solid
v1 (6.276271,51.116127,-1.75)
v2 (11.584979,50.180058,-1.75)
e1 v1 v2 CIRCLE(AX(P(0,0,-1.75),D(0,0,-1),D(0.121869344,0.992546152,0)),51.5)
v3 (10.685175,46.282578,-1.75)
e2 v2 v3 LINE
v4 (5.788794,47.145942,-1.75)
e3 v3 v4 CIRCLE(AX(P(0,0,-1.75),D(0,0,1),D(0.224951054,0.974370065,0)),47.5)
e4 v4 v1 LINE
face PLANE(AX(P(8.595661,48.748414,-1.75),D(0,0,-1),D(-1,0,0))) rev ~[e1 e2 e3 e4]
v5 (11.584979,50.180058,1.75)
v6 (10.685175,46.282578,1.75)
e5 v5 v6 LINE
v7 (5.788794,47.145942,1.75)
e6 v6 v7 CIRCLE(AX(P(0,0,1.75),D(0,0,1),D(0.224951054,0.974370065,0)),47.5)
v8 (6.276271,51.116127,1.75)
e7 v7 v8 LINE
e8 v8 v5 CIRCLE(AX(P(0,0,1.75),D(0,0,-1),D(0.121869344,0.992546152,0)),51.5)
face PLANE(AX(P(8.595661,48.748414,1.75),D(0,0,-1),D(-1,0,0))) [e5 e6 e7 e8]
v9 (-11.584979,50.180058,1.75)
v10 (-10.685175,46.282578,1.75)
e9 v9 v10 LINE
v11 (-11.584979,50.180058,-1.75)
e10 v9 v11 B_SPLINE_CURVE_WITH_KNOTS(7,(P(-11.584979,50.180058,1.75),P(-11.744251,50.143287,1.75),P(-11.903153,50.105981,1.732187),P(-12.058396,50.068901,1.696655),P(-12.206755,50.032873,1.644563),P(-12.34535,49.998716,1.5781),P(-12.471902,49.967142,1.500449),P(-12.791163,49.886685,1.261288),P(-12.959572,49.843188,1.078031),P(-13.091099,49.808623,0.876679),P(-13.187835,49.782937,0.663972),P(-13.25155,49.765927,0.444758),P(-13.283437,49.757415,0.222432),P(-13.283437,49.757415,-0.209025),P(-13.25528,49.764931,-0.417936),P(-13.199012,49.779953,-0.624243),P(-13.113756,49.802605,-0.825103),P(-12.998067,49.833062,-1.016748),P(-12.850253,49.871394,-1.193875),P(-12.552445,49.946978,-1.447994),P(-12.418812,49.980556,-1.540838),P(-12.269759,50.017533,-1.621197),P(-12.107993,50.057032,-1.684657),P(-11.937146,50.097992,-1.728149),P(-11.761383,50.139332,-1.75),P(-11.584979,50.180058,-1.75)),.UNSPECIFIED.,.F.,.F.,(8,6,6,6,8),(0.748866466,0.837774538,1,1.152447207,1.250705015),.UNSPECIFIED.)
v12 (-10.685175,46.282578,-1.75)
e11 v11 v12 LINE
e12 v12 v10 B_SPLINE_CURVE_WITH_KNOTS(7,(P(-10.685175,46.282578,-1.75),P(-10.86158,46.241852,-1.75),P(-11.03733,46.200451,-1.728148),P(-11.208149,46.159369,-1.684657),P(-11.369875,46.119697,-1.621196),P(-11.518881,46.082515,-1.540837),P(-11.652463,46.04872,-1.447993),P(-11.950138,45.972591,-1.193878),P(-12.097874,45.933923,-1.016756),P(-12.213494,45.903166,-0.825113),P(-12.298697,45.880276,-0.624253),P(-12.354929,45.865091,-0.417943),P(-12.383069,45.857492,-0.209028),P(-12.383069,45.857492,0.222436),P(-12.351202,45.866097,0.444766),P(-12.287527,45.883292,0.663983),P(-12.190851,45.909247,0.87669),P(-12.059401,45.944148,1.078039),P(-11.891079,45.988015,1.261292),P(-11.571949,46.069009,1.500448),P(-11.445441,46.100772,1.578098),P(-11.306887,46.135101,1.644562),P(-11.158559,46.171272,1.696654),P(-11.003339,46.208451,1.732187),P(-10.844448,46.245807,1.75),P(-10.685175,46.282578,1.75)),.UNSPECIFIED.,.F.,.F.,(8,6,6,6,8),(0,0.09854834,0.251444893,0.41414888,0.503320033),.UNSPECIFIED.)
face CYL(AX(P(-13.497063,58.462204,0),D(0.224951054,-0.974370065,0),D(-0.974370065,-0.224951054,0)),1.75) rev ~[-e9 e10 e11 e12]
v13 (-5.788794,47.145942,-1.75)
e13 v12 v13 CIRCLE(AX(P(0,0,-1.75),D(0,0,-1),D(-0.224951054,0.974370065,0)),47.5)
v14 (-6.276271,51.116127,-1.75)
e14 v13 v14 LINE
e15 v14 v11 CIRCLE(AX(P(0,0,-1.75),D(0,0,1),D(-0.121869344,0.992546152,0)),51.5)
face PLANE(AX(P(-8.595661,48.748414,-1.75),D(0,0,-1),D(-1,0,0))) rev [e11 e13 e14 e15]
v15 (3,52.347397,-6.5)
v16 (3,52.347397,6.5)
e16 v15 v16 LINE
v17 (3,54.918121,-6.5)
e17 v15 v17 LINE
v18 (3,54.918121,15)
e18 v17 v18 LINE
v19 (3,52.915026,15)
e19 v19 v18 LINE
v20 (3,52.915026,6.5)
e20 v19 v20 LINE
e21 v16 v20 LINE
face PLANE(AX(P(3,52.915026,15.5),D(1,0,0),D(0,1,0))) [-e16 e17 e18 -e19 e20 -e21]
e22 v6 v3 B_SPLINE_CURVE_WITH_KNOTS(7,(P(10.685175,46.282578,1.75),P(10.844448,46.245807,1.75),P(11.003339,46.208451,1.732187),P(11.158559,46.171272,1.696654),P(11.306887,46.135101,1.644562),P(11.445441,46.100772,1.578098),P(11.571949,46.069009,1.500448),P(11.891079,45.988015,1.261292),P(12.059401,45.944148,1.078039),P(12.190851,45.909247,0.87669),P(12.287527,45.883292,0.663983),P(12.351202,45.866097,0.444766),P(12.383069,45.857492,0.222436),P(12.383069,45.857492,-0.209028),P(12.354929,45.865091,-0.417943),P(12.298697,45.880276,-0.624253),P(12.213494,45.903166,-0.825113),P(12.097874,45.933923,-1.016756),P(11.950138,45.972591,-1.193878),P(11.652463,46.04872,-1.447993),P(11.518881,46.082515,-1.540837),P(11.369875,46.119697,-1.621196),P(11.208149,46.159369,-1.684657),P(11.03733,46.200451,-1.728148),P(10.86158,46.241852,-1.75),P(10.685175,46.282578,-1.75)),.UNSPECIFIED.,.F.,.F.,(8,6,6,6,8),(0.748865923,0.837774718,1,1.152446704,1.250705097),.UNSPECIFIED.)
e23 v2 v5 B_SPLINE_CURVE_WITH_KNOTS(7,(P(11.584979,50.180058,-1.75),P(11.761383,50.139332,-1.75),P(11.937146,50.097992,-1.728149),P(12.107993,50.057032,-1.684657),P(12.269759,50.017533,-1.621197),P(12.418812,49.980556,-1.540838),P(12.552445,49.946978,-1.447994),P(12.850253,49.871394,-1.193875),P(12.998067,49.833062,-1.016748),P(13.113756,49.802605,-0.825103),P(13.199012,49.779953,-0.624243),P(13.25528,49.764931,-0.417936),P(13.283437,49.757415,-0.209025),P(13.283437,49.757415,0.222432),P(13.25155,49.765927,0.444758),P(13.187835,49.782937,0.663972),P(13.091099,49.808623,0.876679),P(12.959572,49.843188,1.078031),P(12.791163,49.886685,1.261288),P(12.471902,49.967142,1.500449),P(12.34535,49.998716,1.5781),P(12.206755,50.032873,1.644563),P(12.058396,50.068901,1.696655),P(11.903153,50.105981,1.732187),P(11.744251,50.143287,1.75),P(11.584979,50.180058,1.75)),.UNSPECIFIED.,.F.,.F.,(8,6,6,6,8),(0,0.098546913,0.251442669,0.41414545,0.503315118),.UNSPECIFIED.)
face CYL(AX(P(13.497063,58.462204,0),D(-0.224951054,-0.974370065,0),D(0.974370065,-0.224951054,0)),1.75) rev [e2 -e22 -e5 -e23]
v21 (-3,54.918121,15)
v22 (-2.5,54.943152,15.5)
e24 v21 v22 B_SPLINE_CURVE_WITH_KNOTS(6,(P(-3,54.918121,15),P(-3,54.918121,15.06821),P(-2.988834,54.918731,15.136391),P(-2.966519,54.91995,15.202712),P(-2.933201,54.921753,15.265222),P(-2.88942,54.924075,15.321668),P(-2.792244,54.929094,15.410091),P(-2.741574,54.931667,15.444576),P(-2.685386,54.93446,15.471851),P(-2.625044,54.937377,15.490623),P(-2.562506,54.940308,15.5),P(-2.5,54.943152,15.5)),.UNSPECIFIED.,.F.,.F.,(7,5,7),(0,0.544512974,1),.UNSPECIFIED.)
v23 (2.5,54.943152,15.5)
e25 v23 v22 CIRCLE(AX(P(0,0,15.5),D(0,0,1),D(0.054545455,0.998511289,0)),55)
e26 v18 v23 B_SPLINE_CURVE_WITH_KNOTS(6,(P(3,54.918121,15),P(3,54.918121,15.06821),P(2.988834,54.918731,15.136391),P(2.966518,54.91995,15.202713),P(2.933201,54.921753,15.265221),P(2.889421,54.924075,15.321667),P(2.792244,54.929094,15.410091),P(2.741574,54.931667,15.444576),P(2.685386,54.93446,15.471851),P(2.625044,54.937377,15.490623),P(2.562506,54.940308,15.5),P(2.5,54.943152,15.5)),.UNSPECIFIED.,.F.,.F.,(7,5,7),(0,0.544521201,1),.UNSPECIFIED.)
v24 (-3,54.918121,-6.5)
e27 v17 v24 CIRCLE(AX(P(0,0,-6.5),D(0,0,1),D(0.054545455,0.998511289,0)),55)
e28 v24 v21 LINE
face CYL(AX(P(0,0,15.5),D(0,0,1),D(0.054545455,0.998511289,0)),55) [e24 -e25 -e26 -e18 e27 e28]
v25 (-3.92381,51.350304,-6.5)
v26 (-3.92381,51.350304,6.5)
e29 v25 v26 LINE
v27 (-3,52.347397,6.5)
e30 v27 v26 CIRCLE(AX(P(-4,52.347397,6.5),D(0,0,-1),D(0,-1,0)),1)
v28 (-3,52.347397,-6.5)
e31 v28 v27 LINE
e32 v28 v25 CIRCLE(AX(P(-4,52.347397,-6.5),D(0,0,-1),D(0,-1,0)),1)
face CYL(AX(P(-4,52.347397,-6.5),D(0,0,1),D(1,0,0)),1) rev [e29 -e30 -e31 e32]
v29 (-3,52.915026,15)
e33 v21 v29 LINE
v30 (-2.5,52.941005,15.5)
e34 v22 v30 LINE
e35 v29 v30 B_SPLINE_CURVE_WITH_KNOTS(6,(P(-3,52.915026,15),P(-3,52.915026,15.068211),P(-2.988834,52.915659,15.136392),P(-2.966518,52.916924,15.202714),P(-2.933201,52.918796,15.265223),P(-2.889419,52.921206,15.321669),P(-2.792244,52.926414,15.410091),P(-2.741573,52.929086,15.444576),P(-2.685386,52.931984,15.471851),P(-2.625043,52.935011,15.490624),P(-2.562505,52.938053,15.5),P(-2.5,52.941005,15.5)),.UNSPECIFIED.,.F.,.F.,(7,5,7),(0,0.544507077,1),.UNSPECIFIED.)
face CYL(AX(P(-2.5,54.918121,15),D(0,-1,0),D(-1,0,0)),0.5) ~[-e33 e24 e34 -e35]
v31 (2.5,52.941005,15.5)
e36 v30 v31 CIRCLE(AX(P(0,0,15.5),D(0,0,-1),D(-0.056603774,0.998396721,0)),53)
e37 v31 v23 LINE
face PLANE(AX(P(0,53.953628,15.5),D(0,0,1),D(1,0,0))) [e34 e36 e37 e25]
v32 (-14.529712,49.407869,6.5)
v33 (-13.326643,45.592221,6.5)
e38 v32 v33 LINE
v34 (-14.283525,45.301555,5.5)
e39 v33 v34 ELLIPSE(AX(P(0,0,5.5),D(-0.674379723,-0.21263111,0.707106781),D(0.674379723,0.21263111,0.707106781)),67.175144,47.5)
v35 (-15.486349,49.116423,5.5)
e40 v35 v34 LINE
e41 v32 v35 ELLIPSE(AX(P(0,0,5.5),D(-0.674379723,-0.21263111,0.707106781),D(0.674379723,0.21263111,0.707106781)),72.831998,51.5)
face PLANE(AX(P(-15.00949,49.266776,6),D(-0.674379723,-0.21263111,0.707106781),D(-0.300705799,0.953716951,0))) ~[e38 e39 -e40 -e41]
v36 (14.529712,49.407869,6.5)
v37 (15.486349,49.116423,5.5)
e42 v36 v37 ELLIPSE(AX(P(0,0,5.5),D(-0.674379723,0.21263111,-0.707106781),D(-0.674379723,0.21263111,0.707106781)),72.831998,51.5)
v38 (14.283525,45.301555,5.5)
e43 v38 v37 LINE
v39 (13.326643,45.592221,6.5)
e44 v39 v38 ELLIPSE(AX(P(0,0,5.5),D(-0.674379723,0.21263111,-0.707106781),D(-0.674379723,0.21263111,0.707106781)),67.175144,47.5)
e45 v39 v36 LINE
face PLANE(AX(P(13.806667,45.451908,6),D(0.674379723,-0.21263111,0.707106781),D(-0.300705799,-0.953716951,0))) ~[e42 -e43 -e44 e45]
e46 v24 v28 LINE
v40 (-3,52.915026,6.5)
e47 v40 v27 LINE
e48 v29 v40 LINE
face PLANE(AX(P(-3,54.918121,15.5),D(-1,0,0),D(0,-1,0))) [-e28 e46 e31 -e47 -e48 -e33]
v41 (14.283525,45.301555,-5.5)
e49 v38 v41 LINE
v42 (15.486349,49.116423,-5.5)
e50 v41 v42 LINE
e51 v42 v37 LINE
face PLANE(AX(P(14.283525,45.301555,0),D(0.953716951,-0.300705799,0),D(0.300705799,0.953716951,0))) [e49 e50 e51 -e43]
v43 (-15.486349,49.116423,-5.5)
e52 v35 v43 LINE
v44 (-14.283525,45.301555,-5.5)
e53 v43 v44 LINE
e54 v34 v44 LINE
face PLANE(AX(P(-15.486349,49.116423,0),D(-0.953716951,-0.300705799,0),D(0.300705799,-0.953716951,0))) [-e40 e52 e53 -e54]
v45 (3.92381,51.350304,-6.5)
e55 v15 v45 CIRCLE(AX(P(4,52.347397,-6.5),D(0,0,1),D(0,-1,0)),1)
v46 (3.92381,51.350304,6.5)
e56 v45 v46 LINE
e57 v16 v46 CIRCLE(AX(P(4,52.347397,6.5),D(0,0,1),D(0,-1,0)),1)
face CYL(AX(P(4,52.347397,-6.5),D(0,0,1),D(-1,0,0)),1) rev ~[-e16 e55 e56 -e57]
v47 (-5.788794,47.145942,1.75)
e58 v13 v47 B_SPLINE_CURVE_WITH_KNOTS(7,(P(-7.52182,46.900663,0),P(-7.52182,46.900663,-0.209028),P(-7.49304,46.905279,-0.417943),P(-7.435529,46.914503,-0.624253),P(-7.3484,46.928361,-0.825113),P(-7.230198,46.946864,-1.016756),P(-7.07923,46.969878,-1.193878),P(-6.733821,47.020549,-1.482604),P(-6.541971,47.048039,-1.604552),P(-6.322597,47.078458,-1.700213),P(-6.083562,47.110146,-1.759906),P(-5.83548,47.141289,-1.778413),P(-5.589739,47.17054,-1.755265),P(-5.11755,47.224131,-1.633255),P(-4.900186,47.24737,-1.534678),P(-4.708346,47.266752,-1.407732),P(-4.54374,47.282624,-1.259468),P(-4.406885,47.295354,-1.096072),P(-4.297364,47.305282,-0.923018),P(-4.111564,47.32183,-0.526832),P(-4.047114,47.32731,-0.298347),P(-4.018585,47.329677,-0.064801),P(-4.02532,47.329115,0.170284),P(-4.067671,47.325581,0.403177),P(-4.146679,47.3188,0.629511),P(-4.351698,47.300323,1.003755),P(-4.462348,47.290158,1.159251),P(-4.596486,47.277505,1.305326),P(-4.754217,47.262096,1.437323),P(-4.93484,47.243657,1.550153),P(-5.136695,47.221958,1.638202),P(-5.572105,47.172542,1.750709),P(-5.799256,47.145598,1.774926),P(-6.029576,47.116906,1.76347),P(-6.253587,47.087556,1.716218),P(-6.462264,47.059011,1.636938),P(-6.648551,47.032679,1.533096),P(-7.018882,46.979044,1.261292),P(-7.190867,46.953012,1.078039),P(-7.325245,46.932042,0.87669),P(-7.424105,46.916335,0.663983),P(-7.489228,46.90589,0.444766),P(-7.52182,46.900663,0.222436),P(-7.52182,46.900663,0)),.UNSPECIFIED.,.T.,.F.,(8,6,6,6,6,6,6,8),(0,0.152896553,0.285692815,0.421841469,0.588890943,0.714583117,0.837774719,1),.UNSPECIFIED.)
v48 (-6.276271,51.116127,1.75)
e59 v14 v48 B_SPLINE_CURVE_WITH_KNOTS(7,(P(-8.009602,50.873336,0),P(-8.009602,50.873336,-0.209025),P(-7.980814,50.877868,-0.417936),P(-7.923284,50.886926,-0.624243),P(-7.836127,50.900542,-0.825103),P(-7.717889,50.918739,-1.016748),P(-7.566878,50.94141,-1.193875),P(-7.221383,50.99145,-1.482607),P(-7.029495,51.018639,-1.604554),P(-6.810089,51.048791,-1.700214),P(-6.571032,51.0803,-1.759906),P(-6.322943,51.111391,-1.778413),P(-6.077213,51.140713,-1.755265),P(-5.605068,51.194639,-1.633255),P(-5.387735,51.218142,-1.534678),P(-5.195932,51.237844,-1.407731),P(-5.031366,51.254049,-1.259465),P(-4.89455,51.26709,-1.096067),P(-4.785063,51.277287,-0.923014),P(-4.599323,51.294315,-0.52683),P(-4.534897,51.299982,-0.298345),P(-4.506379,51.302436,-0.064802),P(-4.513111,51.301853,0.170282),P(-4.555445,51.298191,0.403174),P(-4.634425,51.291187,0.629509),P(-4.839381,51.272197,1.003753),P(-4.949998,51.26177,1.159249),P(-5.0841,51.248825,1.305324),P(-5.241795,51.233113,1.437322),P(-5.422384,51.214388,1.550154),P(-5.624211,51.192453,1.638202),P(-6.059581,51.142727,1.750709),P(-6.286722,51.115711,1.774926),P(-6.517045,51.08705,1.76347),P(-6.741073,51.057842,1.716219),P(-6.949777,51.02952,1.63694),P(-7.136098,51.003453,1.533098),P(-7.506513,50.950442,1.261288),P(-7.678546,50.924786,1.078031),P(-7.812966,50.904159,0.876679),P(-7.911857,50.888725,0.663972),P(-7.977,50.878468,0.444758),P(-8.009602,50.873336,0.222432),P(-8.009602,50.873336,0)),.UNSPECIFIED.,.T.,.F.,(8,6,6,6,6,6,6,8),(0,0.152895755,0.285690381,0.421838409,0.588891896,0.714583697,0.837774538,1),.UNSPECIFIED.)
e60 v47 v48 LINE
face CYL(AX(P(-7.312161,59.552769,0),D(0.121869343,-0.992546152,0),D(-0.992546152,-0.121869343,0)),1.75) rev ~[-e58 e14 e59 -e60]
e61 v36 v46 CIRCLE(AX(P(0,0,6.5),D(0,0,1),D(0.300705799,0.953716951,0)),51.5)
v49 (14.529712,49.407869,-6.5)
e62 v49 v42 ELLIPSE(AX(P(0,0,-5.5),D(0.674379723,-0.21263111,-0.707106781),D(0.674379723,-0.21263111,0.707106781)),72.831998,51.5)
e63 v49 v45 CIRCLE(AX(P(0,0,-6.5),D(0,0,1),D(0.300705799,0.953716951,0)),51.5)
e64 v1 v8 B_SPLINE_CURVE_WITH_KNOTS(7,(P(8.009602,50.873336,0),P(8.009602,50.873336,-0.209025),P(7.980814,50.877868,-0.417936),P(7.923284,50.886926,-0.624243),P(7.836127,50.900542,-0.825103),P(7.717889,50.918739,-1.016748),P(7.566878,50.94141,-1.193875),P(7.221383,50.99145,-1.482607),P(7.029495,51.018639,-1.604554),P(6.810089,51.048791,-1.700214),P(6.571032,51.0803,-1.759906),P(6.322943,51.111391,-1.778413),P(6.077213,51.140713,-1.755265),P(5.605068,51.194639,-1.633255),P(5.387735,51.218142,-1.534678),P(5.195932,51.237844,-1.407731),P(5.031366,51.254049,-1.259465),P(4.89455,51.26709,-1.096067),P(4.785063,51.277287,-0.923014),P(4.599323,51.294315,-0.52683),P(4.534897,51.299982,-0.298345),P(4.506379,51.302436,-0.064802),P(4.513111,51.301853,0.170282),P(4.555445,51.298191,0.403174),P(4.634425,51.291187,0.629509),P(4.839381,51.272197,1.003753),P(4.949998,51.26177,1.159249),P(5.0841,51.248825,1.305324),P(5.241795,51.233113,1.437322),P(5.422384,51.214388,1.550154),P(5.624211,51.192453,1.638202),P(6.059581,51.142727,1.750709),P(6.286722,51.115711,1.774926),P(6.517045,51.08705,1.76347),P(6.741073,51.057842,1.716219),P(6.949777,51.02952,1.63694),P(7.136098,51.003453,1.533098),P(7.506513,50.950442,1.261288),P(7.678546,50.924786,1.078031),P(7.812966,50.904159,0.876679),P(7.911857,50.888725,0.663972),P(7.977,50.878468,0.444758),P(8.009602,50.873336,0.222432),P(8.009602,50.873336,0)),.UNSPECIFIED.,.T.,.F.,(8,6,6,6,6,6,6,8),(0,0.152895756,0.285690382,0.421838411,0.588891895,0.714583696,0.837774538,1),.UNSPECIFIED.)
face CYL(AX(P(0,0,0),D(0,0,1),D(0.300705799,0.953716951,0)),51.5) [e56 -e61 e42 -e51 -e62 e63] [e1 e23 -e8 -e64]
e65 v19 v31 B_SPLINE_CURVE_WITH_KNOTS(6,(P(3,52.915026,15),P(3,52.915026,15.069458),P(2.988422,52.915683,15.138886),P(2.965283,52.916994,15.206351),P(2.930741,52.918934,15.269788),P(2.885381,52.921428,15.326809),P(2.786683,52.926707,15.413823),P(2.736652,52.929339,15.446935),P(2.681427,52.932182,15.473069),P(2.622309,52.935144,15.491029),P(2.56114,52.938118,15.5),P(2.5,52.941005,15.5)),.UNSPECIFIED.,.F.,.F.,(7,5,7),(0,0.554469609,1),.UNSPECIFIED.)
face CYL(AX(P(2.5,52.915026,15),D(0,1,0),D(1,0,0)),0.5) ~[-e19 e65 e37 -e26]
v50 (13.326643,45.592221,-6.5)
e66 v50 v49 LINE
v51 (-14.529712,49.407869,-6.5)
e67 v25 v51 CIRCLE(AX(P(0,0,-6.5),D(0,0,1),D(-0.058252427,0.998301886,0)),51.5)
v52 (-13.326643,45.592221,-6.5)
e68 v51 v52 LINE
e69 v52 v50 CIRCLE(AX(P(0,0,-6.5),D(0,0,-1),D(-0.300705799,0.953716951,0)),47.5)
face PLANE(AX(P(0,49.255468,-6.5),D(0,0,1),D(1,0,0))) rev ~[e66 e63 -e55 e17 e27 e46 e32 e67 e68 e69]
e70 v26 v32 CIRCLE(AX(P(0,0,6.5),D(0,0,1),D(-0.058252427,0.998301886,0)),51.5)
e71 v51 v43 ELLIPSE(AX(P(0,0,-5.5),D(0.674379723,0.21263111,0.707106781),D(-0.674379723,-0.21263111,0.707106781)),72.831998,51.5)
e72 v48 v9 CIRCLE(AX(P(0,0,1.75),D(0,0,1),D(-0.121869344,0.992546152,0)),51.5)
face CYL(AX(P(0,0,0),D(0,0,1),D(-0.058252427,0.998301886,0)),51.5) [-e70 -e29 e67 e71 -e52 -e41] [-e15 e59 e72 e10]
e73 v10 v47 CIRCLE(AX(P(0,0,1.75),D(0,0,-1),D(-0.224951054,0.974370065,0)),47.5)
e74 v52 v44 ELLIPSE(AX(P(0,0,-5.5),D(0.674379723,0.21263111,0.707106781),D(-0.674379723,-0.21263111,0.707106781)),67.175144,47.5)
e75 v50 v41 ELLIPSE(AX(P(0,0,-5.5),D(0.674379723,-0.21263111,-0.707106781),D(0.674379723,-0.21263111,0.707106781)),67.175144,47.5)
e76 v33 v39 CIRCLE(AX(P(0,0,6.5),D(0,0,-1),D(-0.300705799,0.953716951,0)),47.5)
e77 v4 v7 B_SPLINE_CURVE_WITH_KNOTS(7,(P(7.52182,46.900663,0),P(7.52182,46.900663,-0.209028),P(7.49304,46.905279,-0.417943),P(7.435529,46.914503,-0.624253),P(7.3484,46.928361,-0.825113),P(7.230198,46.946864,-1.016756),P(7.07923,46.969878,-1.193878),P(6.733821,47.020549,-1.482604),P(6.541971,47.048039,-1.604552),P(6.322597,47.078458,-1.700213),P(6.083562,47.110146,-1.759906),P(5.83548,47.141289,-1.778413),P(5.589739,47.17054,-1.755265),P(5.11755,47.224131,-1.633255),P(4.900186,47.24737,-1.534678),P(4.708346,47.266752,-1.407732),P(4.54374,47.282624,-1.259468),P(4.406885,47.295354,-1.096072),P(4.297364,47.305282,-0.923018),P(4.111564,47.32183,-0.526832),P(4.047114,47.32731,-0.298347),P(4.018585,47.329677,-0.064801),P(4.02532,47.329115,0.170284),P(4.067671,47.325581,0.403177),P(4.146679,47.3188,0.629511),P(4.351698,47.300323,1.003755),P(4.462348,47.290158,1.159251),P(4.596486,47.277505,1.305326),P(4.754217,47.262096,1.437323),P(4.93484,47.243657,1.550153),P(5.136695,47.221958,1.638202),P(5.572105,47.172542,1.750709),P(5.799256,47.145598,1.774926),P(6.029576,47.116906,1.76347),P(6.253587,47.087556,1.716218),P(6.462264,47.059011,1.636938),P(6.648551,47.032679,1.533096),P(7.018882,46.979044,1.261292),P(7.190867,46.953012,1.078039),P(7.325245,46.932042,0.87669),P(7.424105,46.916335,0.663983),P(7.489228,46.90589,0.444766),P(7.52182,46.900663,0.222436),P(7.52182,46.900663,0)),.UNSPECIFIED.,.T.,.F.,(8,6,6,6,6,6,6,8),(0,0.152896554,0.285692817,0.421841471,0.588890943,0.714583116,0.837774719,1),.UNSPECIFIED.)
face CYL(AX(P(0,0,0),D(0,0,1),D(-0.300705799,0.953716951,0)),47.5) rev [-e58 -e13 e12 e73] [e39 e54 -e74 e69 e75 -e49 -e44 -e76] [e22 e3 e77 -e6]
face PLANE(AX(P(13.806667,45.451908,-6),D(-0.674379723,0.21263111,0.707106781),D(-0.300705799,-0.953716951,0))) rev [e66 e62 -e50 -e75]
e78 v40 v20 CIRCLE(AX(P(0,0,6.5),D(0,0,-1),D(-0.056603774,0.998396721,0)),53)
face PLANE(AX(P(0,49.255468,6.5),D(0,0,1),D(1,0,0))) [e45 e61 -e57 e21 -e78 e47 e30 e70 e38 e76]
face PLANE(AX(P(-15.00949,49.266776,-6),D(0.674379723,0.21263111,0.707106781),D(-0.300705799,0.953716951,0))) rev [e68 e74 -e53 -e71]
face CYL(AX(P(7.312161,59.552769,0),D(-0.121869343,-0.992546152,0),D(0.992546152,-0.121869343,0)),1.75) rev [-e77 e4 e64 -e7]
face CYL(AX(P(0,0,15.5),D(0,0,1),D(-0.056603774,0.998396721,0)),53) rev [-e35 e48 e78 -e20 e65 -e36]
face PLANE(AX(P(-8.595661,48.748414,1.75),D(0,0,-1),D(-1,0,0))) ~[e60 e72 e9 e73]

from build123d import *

# Parameters (mm, degrees)
EXTRUDE_1_DEPTH          = 6.5
EXTRUDE_START            = 9
EXTRUDE_2_DEPTH          = 9
PATTERN_CIRCULAR_1_COUNT = 2
PATTERN_CIRCULAR_1_ANGLE = 6
CUT_EXTRUDE_2_DEPTH      = 1.75
FILLET_1_R               = 1
CHAMFER_1_SIZE           = 1
FILLET_2_R               = 0.5


with BuildPart() as part:
    # Эскиз1 → Бобышка-Вытянуть1 (new, symmetric)
    with BuildSketch(Plane.XY):
        with BuildLine():
            Line((14.283525476, 45.301555161), (15.486348674, 49.116422964))
            ThreePointArc((15.486348674, 49.116422964), (9.314199823, 50.65072242), (3, 51.412547107))
            Line((3, 51.412547107), (3, 54.918120871))
            ThreePointArc((3, 54.918120871), (0, 55), (-3, 54.918120871))
            Line((-3, 54.918120871), (-3, 51.412547107))
            ThreePointArc((-3, 51.412547107), (-9.314199823, 50.65072242), (-15.486348674, 49.116422964))
            Line((-15.486348674, 49.116422964), (-14.283525476, 45.301555161))
            ThreePointArc((-14.283525476, 45.301555161), (0, 47.5), (14.283525476, 45.301555161))
        make_face()
    extrude(amount=EXTRUDE_1_DEPTH, both=True)

    # Эскиз2 → Бобышка-Вытянуть2 (add)
    with BuildSketch(Plane.XY.offset(6.5).offset(EXTRUDE_START)):
        with BuildLine():
            Line((3, 52.915026221), (3, 54.918120871))
            ThreePointArc((3, 54.918120871), (0, 55), (-3, 54.918120871))
            Line((-3, 54.918120871), (-3, 52.915026221))
            ThreePointArc((-3, 52.915026221), (0, 53), (3, 52.915026221))
        make_face()
    extrude(amount=-EXTRUDE_2_DEPTH)

    # Эскиз4 → Вырез-Повернуть1 (revolve, cut)
    with BuildSketch(Plane.XY):
        Polygon((15.202210874, 58.068539542), (10.703189787, 38.581138246), (8.998042174, 38.974802591), (13.497063261, 58.462203887), align=None)
    cut_revolve_1 = revolve(axis=Axis((0, 0, 0), (0.22495105434386545, 0.9743700647852351, 0)), mode=Mode.SUBTRACT)

    # Круговой массив1: Вырез-Повернуть1 ×2 about axis
    pattern_circular_1_axis = Axis((0, 0, 6.5), (0, 0, 1))
    for i in range(1, PATTERN_CIRCULAR_1_COUNT):
        add(cut_revolve_1.rotate(pattern_circular_1_axis, i * PATTERN_CIRCULAR_1_ANGLE / (PATTERN_CIRCULAR_1_COUNT - 1)), mode=Mode.SUBTRACT)

    # Эскиз6 → Вырез-Вытянуть2 (cut, symmetric)
    with BuildSketch(Plane.XY):
        with BuildLine():
            Line((5.788793812, 47.145942203), (6.276271185, 51.11612681))
            ThreePointArc((6.276271185, 51.11612681), (8.94288115, 50.71759928), (11.584979299, 50.180058336))
            Line((11.584979299, 50.180058336), (10.685175081, 46.282578077))
            ThreePointArc((10.685175081, 46.282578077), (8.248288439, 46.778368268), (5.788793812, 47.145942203))
        make_face()
    cut_extrude_2 = extrude(amount=CUT_EXTRUDE_2_DEPTH, both=True, mode=Mode.SUBTRACT)

    # Зеркальное отражение1: Вырез-Повернуть1, Вырез-Вытянуть2 across plane
    add(cut_revolve_1.mirror(Plane(origin=(0, 0, 0), x_dir=(0, 0, 1), z_dir=(1, 0, 0))), mode=Mode.SUBTRACT)
    add(cut_extrude_2.mirror(Plane(origin=(0, 0, 0), x_dir=(0, 0, 1), z_dir=(1, 0, 0))), mode=Mode.SUBTRACT)

    # Зеркальное отражение1 copy 1 sketch → Зеркальное отражение1 copy 1 (revolve, cut)
    with BuildSketch(Plane(origin=(0, 0, 0), x_dir=(-0.9945218953682733, 0.10452846326765369, 0), z_dir=(0, 0, 1))):
        Polygon((15.202210874, -58.068539542), (10.703189787, -38.581138246), (8.998042174, -38.974802591), (13.497063261, -58.462203887), align=None)
    revolve(axis=Axis((0, 0, 0), (0.12186934340514771, -0.992546151641322, 0)), mode=Mode.SUBTRACT)

    # Скругление1
    fillet_1_edges = [part.edges().sort_by_distance(p)[0] for p in [
        (-3, 51.412547107, 0),
        (3, 51.412547107, 0),
    ]]
    fillet(fillet_1_edges, radius=FILLET_1_R)

    # Фаска1
    chamfer_1_edges = [part.edges().sort_by_distance(p)[0] for p in [
        (14.884937075, 47.208989062, -6.5),
        (-14.884937075, 47.208989062, 6.5),
        (-14.884937075, 47.208989062, -6.5),
        (14.884937075, 47.208989062, 6.5),
    ]]
    chamfer(chamfer_1_edges, length=CHAMFER_1_SIZE)

    # Скругление2
    fillet_2_edges = [part.edges().sort_by_distance(p)[0] for p in [
        (-3, 53.916573546, 15.5),
        (3, 53.916573546, 15.5),
    ]]
    fillet(fillet_2_edges, radius=FILLET_2_R)


solid = part.part
